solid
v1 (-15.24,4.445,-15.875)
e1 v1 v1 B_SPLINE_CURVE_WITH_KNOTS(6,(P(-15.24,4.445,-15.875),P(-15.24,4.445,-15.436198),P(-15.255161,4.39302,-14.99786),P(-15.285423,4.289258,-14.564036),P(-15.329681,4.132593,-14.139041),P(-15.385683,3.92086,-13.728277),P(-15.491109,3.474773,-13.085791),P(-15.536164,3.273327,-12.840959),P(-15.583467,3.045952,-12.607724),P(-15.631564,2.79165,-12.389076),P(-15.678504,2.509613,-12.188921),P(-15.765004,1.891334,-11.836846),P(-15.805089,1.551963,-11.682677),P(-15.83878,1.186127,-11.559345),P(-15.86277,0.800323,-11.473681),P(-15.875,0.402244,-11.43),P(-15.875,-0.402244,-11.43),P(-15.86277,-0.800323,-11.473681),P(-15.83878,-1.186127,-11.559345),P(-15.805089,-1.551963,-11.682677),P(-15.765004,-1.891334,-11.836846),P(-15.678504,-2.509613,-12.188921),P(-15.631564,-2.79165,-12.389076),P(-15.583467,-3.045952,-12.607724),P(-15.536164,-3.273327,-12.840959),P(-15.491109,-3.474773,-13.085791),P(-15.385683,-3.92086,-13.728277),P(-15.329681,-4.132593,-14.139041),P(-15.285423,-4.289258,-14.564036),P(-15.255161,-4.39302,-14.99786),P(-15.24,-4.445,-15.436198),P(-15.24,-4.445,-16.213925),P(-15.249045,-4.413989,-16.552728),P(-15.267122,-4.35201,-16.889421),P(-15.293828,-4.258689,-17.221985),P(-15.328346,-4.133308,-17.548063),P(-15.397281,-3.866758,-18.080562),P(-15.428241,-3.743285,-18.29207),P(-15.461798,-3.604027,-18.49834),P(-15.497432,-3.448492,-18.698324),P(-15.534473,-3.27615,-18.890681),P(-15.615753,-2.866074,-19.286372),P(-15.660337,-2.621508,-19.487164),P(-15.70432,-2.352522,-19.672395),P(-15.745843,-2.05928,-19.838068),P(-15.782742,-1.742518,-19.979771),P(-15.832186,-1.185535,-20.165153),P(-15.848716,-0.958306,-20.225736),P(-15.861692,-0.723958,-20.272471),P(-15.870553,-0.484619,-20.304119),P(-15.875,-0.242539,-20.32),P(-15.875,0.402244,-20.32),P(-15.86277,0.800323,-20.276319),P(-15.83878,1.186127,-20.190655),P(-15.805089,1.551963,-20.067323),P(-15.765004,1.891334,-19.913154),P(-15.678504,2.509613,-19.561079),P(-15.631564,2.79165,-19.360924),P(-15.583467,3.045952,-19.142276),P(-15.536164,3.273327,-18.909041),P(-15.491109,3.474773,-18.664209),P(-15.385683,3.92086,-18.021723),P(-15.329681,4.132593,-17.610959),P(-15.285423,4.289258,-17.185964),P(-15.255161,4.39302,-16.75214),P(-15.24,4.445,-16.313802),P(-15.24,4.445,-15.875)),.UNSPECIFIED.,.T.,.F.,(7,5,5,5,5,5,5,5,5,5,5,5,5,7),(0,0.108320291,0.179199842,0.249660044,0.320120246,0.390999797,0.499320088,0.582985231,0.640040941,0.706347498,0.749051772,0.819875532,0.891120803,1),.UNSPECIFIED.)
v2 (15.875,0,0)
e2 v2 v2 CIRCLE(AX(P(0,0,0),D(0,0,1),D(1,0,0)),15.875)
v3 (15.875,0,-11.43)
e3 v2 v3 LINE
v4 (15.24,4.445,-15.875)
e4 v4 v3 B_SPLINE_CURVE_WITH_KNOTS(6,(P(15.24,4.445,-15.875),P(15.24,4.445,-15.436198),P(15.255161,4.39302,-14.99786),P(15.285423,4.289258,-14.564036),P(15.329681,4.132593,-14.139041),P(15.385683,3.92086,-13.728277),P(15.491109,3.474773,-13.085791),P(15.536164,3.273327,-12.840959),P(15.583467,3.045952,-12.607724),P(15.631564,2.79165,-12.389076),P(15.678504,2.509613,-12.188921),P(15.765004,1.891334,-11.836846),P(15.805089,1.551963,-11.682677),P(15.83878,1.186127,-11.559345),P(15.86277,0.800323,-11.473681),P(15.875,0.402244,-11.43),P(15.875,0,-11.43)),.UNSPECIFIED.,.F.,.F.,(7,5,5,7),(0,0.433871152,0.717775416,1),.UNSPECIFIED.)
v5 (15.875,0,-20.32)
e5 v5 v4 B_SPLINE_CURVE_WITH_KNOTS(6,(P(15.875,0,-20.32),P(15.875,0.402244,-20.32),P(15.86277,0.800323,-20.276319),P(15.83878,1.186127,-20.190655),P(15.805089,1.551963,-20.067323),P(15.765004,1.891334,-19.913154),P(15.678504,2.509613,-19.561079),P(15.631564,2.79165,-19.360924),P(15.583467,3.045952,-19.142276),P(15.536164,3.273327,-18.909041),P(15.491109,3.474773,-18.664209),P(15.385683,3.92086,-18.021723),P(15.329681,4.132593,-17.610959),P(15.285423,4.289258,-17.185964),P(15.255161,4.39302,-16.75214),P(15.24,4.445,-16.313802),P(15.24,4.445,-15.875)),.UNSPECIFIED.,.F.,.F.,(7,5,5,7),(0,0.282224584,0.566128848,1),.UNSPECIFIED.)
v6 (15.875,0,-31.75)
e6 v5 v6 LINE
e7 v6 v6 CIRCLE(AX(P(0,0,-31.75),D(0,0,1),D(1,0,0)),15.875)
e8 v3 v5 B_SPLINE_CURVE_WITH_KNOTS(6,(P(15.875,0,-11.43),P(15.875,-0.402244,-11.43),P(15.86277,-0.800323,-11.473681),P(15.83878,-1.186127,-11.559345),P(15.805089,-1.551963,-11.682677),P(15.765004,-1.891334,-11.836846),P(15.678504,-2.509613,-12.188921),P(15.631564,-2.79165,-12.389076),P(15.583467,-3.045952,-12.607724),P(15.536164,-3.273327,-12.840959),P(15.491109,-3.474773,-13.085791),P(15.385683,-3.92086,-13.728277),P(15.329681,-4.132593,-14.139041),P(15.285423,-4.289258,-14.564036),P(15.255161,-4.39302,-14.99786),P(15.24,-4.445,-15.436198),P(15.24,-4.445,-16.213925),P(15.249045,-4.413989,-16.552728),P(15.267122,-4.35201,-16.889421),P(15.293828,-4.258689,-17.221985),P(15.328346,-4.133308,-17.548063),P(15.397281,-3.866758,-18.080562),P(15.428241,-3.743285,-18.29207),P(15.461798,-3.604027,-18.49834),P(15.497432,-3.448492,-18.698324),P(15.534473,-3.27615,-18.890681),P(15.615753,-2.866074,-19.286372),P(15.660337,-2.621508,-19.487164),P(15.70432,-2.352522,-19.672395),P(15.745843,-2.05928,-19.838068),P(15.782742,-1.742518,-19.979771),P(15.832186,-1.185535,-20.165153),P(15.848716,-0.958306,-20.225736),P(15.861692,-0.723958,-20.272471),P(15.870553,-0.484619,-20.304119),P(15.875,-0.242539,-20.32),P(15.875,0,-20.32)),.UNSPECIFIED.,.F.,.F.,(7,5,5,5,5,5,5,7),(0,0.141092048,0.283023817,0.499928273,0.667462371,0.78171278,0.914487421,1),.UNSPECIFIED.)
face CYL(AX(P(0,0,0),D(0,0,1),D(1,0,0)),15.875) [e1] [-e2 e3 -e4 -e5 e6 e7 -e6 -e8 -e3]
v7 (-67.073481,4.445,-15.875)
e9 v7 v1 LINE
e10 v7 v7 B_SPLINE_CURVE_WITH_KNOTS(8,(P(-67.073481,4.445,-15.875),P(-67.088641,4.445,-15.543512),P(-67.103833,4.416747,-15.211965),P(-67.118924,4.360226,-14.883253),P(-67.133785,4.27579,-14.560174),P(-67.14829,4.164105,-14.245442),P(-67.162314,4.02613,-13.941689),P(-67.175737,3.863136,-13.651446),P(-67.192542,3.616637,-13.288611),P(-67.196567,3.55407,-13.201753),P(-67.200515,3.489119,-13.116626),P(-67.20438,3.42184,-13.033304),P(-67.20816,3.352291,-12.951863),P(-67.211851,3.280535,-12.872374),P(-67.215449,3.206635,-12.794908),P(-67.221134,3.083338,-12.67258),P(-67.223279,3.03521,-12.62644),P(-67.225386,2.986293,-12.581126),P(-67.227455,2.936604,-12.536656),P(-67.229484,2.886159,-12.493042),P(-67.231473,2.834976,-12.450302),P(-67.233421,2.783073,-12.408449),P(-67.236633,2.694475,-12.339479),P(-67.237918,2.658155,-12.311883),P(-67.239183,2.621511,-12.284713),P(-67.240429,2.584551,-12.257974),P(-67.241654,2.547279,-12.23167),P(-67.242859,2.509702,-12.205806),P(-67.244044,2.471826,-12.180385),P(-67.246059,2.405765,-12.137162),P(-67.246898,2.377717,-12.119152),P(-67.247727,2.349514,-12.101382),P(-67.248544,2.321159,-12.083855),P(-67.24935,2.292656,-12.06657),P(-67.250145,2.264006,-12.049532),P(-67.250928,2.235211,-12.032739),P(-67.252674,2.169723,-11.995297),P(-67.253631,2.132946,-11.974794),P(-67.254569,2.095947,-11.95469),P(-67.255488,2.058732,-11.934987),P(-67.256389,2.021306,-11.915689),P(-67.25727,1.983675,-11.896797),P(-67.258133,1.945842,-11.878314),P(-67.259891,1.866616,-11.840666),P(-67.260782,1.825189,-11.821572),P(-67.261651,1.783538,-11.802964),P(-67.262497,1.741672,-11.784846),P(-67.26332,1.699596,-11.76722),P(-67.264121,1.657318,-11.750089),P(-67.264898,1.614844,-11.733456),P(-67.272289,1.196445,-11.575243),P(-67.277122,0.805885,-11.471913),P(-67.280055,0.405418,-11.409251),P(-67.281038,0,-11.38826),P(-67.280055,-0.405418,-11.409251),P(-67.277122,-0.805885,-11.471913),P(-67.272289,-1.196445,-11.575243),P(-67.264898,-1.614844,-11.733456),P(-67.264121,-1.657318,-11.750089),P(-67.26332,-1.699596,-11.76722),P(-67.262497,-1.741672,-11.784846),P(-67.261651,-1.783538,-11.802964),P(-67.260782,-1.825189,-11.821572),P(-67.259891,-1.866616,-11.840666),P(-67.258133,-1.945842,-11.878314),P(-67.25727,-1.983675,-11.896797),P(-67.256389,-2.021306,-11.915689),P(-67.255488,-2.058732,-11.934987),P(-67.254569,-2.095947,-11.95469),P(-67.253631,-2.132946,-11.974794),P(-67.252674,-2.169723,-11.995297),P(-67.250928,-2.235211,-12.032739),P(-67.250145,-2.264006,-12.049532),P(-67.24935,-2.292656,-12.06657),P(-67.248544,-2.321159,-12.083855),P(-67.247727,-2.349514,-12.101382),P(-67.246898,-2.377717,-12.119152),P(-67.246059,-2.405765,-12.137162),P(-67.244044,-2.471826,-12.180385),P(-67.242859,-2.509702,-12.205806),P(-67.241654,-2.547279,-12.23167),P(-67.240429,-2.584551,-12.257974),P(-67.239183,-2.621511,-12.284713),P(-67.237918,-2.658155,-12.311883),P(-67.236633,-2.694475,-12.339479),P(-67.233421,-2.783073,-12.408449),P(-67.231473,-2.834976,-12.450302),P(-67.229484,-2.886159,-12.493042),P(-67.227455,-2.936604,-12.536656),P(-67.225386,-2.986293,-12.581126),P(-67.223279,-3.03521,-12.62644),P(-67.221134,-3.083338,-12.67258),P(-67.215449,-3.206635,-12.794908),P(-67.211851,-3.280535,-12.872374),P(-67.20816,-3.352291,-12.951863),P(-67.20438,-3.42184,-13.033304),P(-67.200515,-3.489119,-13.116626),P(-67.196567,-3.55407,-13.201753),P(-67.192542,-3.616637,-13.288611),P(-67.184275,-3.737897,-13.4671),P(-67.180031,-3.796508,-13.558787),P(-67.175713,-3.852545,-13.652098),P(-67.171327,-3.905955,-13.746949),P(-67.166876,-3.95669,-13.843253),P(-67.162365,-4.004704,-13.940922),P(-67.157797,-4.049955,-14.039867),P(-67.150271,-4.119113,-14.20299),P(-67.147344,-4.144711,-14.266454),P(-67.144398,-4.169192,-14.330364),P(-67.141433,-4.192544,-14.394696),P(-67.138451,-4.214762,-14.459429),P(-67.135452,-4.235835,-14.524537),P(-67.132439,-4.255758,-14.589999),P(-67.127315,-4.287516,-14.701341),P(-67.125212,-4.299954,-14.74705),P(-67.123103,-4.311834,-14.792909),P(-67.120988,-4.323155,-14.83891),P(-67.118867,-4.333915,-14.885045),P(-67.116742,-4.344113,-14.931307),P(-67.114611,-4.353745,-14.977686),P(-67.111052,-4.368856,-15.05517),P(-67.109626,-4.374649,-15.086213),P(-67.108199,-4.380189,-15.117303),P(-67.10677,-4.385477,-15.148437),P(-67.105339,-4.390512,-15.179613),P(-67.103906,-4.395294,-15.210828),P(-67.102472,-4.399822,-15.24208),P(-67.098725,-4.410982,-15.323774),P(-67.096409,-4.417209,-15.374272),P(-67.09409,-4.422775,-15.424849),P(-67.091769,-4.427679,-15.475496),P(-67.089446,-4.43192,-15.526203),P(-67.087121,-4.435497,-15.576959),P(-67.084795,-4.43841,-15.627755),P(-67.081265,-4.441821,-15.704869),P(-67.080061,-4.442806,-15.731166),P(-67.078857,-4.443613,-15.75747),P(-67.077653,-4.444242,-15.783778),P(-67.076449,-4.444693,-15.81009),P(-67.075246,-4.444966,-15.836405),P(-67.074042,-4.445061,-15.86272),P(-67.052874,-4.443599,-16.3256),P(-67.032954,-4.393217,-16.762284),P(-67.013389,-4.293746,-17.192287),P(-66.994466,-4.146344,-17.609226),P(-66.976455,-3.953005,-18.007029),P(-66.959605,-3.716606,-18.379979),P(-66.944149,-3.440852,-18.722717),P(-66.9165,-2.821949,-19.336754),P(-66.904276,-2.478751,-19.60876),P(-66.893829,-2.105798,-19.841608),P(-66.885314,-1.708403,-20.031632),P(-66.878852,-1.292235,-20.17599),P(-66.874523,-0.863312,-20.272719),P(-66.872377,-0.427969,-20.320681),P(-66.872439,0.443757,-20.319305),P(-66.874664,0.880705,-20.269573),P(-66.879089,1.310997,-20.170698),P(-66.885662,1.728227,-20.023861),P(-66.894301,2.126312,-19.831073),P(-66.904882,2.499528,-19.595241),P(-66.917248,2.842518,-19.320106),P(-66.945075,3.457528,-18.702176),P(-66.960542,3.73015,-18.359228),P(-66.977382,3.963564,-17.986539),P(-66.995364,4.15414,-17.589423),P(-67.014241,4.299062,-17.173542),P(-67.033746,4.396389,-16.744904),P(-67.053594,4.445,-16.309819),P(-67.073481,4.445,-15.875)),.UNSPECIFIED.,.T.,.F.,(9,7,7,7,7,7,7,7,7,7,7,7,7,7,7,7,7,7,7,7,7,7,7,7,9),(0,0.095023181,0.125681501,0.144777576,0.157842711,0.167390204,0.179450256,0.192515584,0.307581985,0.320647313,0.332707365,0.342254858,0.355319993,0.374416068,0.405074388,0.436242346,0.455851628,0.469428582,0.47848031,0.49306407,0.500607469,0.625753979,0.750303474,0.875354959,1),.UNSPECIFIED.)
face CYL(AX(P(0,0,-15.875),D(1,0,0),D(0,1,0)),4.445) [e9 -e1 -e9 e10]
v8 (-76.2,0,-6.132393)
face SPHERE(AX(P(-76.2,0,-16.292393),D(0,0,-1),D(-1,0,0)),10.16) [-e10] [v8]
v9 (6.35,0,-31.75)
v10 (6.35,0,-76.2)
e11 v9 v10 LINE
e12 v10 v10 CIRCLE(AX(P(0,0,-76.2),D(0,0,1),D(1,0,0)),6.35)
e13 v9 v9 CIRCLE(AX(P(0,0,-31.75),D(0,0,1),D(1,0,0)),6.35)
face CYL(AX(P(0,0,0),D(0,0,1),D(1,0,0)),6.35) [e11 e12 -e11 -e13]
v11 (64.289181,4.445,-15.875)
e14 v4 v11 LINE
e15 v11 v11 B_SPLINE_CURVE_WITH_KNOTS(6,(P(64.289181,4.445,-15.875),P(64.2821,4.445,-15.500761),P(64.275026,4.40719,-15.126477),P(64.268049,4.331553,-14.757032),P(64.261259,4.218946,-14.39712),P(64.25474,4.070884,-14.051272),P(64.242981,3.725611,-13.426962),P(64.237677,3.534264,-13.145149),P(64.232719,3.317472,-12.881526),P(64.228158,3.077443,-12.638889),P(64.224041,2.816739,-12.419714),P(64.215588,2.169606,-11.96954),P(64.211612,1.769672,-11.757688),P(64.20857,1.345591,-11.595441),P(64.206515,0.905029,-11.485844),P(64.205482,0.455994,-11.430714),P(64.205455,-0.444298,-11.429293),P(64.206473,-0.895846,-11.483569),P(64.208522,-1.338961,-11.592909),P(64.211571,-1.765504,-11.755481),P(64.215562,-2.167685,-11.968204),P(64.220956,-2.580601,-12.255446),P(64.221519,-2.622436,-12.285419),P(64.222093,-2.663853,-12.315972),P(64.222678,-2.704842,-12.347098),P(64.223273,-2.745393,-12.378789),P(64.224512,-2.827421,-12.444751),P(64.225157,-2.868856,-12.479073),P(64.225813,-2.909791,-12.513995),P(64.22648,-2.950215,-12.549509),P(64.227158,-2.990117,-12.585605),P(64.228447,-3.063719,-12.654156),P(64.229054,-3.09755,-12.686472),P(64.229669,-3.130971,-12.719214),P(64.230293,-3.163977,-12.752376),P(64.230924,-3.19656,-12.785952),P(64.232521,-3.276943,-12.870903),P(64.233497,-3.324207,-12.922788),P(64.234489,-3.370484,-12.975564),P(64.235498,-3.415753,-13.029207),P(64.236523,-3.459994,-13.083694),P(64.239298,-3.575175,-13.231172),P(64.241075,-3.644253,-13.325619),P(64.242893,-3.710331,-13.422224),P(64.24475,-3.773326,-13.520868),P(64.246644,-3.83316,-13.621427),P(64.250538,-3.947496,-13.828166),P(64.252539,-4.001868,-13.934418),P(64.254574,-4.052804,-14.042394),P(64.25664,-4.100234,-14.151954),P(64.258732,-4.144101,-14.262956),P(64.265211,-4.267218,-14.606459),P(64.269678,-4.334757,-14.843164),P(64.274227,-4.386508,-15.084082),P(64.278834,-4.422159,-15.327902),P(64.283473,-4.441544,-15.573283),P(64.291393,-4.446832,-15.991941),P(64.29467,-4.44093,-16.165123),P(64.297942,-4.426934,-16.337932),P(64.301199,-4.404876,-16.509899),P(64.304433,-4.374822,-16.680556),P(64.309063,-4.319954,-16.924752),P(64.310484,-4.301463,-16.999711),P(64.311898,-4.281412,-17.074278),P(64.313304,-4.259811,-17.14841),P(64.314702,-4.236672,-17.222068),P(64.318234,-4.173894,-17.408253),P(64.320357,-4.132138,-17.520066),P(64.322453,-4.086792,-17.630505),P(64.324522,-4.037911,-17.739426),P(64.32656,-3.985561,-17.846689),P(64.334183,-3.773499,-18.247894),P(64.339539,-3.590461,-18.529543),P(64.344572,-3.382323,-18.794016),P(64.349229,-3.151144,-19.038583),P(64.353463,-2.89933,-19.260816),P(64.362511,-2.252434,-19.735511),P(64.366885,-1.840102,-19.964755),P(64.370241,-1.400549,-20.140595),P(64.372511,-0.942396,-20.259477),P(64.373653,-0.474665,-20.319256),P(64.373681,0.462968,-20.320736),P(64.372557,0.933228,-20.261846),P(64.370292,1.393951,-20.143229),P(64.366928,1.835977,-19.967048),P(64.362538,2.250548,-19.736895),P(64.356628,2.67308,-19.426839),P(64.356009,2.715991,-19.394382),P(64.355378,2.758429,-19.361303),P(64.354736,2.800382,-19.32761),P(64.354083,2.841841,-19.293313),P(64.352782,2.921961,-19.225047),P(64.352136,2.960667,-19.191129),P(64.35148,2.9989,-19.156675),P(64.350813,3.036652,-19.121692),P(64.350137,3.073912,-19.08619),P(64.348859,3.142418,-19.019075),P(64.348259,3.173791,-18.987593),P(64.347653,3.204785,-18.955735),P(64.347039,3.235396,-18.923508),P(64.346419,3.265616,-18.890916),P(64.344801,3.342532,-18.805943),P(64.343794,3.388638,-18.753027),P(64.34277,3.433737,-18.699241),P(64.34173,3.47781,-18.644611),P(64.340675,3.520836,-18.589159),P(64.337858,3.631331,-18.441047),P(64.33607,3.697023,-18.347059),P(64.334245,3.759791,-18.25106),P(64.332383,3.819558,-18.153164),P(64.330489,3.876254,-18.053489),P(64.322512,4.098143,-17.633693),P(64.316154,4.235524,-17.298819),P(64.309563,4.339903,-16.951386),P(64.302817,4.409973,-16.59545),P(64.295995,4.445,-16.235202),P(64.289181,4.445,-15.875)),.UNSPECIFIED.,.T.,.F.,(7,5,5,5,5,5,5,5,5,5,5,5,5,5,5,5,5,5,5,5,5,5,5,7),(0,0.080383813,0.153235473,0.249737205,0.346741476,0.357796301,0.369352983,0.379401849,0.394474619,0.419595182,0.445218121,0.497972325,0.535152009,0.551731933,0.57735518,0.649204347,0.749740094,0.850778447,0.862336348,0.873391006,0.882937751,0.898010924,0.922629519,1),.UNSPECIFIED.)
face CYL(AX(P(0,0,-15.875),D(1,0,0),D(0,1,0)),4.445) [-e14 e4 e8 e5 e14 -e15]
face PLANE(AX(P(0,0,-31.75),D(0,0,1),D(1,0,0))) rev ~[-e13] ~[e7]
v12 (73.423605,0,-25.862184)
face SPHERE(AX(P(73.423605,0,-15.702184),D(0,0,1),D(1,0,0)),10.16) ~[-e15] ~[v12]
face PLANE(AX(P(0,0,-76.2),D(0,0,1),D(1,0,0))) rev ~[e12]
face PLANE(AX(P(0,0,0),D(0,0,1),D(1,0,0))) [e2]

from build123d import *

# Parameters (mm, degrees)
F0_R     = 15.875
F0_R_2   = 6.35
F1_DEPTH = 31.75
F2_DEPTH = 76.2
F3_R     = 4.445
F4_DEPTH = 76.2


with BuildPart() as f1:
    # F0 (on Top) → F1 (new body)
    with BuildSketch(Plane.XY):
        Circle(F0_R)
        Circle(F0_R_2, mode=Mode.SUBTRACT)
    extrude(amount=-F1_DEPTH)

    # F0 (on Top) → F2 (join)
    with BuildSketch(Plane.XY):
        Circle(F0_R_2)
    extrude(amount=-F2_DEPTH)

    # F3 (on Right) → F4 (join, symmetric)
    with BuildSketch(Plane.YZ):
        with Locations((0, -15.875)):
            Circle(F3_R)
    extrude(amount=F4_DEPTH, both=True)

    # F7 (on Front) → F8 (revolve)
    with BuildSketch(Plane.XZ):
        with BuildLine():
            Line((73.423605, -5.542184), (73.423605, -25.862184))
            ThreePointArc((73.423605, -25.862184), (83.583605, -15.702184), (73.423605, -5.542184))
        make_face()
    revolve(axis=Axis((73.423605, 0, -26.137914), (0, 0, -1)))



with BuildPart() as f6:
    # F5 (on Front) → F6 (revolve)
    with BuildSketch(Plane.XZ):
        with BuildLine():
            Line((-76.2, -26.452393), (-76.2, -6.132393))
            ThreePointArc((-76.2, -6.132393), (-86.36, -16.292393), (-76.2, -26.452393))
        make_face()
    revolve(axis=Axis((-76.2, 0, -32.181646), (0, 0, -1)))


with BuildPart() as f1_1:
    add(f1.part)

    add(f6.part)  # F9 merges F6
    # F5 (on Front) → F9 (revolve)
    with BuildSketch(Plane.XZ):
        with BuildLine():
            Line((-76.2, -26.452393), (-76.2, -6.132393))
            ThreePointArc((-76.2, -6.132393), (-86.36, -16.292393), (-76.2, -26.452393))
        make_face()
    revolve(axis=Axis((-76.2, 0, -32.181646), (0, 0, -1)))


solid = f1_1.part
